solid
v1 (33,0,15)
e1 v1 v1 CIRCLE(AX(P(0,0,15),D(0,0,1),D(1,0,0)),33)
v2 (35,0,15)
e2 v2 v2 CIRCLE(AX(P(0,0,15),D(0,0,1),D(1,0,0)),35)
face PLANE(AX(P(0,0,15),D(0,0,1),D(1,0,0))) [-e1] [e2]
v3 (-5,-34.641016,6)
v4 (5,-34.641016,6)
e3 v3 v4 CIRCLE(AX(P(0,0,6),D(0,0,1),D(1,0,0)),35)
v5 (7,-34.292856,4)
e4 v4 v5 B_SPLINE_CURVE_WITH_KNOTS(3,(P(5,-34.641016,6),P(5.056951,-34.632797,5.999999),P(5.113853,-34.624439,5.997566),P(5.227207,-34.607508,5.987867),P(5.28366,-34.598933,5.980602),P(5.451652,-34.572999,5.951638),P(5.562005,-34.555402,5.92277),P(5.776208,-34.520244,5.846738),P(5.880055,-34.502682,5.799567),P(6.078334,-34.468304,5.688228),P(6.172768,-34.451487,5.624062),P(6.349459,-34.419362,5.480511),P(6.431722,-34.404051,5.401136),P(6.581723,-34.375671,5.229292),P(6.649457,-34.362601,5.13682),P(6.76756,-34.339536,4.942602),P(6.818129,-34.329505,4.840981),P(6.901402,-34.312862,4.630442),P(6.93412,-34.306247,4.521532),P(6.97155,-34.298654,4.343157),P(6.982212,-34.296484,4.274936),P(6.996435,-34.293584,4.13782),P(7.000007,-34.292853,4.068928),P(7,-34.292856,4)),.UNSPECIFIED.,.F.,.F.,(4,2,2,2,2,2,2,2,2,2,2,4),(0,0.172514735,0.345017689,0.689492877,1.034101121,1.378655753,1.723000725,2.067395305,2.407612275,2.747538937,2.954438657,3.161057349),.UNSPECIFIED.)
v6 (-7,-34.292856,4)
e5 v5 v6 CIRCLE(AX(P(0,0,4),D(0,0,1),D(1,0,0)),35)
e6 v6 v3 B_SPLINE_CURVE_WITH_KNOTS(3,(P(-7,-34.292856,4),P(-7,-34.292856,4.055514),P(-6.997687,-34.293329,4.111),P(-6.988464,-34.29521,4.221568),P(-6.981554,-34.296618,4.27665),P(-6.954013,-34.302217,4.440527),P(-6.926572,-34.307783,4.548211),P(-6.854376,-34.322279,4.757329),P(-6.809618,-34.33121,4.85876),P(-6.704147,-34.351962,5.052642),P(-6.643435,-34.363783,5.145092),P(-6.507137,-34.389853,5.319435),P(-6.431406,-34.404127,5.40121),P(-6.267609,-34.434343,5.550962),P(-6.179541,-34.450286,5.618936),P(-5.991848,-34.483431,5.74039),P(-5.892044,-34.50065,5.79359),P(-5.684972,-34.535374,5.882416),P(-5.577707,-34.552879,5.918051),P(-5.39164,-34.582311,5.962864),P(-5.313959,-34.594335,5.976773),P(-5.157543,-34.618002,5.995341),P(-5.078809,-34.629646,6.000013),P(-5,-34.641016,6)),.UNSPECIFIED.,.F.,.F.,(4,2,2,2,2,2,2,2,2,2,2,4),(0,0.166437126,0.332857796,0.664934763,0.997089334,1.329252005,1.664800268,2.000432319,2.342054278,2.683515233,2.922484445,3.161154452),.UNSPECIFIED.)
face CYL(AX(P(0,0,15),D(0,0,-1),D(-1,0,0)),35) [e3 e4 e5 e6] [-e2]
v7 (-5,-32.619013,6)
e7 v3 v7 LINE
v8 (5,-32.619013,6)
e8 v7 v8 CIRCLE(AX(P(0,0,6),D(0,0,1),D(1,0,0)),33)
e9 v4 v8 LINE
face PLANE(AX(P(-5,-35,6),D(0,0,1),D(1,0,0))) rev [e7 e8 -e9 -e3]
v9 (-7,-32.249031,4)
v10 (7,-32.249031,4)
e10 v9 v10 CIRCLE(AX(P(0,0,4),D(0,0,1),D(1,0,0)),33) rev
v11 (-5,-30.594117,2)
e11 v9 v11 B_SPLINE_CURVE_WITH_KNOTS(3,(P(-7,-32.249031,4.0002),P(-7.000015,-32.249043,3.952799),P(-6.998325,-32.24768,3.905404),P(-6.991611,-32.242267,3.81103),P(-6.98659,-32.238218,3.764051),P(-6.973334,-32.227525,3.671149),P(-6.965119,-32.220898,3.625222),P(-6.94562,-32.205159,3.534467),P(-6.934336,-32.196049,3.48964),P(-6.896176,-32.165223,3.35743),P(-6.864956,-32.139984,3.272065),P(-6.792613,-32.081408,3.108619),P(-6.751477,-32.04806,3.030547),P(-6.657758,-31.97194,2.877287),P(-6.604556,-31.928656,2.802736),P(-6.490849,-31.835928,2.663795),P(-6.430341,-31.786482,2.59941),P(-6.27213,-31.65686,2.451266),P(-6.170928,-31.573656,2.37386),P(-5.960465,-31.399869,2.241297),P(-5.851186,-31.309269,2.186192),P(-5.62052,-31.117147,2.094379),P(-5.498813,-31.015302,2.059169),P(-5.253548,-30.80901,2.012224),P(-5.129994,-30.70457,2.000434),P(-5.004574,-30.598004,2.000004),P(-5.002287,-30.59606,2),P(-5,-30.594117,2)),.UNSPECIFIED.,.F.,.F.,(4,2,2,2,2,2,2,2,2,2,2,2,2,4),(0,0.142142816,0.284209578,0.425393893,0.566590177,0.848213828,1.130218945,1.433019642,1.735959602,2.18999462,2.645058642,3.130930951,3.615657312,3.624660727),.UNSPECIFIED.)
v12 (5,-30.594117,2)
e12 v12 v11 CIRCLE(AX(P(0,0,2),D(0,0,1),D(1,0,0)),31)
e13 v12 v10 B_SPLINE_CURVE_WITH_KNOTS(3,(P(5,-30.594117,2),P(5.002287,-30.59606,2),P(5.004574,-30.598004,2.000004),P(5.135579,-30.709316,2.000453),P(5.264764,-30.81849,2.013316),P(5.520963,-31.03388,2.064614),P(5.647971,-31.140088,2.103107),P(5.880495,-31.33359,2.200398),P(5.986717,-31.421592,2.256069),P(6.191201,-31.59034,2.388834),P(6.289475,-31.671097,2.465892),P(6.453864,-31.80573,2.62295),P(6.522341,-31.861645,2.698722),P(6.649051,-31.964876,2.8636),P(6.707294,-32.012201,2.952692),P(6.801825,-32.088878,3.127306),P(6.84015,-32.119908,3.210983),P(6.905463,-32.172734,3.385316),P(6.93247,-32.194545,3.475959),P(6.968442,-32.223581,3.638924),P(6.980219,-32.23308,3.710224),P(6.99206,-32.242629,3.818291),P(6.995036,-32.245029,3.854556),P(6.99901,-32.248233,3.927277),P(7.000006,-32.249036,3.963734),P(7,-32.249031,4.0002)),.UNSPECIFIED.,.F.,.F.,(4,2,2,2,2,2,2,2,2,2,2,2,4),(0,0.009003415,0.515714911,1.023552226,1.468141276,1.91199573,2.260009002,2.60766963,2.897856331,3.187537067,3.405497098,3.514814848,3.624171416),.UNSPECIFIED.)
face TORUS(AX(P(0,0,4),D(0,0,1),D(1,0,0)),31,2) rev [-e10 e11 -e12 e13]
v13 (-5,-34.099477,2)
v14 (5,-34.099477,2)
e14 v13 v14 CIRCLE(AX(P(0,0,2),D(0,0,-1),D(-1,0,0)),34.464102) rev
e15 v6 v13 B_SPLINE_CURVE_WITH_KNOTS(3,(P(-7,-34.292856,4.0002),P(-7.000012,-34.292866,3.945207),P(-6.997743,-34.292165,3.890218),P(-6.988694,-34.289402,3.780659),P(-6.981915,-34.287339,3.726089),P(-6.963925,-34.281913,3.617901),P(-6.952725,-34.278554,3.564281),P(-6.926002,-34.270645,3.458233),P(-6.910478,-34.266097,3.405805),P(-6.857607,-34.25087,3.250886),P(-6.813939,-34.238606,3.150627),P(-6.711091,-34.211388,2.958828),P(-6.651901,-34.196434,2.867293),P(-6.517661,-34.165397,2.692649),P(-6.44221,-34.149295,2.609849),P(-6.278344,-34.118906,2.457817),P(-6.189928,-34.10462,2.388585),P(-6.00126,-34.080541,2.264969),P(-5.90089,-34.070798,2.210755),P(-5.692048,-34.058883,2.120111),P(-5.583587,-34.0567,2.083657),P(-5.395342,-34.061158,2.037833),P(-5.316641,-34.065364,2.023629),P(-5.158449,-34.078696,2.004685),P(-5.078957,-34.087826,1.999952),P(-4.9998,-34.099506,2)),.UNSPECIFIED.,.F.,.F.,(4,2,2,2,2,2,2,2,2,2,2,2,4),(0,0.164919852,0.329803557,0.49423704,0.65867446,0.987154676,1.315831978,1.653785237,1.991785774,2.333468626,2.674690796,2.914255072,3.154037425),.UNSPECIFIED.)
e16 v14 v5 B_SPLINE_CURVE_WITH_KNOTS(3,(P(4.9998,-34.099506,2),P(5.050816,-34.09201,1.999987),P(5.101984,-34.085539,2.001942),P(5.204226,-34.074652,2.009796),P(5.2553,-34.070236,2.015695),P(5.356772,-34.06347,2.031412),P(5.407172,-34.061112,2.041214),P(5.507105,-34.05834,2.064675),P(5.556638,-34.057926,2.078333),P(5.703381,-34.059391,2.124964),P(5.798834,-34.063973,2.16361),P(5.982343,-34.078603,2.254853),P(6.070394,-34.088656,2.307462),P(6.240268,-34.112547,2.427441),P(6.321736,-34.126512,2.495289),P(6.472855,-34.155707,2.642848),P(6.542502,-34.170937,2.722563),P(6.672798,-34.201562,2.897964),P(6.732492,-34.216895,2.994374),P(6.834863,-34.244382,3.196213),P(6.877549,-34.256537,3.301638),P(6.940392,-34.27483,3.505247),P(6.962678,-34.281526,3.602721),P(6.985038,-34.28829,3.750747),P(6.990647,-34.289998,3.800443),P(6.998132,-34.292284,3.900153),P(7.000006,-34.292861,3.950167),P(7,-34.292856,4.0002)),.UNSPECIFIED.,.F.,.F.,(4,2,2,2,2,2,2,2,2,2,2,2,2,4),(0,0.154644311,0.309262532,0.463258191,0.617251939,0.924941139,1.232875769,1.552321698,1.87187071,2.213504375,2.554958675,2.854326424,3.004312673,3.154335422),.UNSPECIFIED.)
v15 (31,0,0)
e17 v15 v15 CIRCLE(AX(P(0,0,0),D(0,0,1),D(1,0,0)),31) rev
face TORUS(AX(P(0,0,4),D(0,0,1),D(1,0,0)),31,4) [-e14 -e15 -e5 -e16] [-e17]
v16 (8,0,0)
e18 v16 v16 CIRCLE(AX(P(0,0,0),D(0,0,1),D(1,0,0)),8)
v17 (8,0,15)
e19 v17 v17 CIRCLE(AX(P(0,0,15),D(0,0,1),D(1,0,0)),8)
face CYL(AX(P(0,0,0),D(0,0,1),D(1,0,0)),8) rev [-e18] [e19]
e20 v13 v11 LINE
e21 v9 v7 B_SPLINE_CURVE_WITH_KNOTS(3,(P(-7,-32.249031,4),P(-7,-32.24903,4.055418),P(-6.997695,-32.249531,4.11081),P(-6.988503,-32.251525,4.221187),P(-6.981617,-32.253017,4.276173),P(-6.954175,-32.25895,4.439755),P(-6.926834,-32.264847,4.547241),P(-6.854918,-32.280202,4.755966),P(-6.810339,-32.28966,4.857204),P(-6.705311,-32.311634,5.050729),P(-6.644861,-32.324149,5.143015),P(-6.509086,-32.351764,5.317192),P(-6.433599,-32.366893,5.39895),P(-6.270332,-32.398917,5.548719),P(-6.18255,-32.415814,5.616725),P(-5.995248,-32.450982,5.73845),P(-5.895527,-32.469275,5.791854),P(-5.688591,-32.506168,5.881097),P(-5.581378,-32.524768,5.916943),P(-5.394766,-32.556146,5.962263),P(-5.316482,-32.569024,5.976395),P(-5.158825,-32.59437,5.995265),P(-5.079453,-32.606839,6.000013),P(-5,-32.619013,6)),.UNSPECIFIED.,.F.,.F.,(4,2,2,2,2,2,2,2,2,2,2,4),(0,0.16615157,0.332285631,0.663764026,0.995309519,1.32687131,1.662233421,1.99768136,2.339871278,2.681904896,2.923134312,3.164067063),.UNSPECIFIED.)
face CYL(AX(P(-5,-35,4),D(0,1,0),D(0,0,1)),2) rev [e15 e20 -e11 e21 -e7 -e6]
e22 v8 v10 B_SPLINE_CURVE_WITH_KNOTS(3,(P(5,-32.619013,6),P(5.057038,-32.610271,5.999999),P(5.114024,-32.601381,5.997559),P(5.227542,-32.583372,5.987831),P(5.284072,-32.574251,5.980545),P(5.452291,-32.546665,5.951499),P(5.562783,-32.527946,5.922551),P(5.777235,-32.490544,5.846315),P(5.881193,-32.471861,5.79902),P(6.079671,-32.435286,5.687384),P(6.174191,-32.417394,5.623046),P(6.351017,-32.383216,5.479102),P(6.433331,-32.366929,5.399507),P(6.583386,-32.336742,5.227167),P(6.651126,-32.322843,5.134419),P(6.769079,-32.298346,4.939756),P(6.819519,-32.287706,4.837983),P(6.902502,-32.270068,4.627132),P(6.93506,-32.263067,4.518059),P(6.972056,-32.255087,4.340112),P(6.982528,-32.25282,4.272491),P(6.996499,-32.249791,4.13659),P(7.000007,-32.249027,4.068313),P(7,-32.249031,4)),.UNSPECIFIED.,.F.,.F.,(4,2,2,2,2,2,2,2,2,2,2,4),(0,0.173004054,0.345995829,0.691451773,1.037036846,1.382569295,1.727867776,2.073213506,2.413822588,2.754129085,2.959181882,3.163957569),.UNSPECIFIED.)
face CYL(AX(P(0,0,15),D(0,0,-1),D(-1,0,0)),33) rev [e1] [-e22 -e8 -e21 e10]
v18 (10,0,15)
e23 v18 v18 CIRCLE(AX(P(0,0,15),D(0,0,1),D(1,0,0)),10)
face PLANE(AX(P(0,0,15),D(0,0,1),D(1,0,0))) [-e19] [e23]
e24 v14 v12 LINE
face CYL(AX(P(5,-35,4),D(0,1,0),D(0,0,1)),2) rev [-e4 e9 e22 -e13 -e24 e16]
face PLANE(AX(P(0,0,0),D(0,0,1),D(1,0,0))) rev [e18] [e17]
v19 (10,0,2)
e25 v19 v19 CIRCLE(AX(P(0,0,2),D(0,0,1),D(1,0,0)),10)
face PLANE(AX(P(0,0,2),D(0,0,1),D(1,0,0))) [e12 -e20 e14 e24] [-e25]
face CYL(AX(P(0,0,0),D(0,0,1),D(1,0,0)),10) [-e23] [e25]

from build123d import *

# Parameters (mm, degrees)
CROQUIS1_R              = 35
SALIENTE_EXTRUIR1_DEPTH = 15
CROQUIS2_R              = 8
CORTAR_EXTRUIR1_DEPTH   = 52.720402164
VACIADO1_T              = -2
REDONDEO1_R             = 2
REDONDEO2_R             = 4
CORTAR_EXTRUIR2_START   = -25
CORTAR_EXTRUIR2_DEPTH   = 27.720402164


with BuildPart() as part:
    # Croquis1 → Saliente-Extruir1 (new body)
    with BuildSketch(Plane.XY):
        Circle(CROQUIS1_R)
    extrude(amount=SALIENTE_EXTRUIR1_DEPTH)

    # Croquis2 → Cortar-Extruir1 (cut, through all)
    with BuildSketch(Plane.XY.offset(15)):
        Circle(CROQUIS2_R)
    extrude(amount=-CORTAR_EXTRUIR1_DEPTH, mode=Mode.SUBTRACT)

    # Vaciado1
    vaciado1_openings = [part.faces().sort_by_distance(p)[0] for p in [
        (-34.010050506, 0, 15),
    ]]
    offset(amount=VACIADO1_T, openings=vaciado1_openings, kind=Kind.INTERSECTION)

    # Redondeo1
    redondeo1_edges = [part.edges().sort_by_distance(p)[0] for p in [
        (-33, 0, 2),
    ]]
    fillet(redondeo1_edges, radius=REDONDEO1_R)

    # Redondeo2
    redondeo2_edges = [part.edges().sort_by_distance(p)[0] for p in [
        (-35, 0, 0),
    ]]
    fillet(redondeo2_edges, radius=REDONDEO2_R)

    # Croquis3 → Cortar-Extruir2 (cut, through all)
    with BuildSketch(Plane(origin=(0, 0, 0), x_dir=(1, 0, 0), z_dir=(0, 1, 0)).offset(CORTAR_EXTRUIR2_START)):
        with BuildLine():
            Line((-5, -2), (5, -2))
            ThreePointArc((5, -2), (7, -4), (5, -6))
            Line((5, -6), (-5, -6))
            ThreePointArc((-5, -6), (-7, -4), (-5, -2))
        make_face()
    extrude(amount=-CORTAR_EXTRUIR2_DEPTH, mode=Mode.SUBTRACT)


solid = part.part
